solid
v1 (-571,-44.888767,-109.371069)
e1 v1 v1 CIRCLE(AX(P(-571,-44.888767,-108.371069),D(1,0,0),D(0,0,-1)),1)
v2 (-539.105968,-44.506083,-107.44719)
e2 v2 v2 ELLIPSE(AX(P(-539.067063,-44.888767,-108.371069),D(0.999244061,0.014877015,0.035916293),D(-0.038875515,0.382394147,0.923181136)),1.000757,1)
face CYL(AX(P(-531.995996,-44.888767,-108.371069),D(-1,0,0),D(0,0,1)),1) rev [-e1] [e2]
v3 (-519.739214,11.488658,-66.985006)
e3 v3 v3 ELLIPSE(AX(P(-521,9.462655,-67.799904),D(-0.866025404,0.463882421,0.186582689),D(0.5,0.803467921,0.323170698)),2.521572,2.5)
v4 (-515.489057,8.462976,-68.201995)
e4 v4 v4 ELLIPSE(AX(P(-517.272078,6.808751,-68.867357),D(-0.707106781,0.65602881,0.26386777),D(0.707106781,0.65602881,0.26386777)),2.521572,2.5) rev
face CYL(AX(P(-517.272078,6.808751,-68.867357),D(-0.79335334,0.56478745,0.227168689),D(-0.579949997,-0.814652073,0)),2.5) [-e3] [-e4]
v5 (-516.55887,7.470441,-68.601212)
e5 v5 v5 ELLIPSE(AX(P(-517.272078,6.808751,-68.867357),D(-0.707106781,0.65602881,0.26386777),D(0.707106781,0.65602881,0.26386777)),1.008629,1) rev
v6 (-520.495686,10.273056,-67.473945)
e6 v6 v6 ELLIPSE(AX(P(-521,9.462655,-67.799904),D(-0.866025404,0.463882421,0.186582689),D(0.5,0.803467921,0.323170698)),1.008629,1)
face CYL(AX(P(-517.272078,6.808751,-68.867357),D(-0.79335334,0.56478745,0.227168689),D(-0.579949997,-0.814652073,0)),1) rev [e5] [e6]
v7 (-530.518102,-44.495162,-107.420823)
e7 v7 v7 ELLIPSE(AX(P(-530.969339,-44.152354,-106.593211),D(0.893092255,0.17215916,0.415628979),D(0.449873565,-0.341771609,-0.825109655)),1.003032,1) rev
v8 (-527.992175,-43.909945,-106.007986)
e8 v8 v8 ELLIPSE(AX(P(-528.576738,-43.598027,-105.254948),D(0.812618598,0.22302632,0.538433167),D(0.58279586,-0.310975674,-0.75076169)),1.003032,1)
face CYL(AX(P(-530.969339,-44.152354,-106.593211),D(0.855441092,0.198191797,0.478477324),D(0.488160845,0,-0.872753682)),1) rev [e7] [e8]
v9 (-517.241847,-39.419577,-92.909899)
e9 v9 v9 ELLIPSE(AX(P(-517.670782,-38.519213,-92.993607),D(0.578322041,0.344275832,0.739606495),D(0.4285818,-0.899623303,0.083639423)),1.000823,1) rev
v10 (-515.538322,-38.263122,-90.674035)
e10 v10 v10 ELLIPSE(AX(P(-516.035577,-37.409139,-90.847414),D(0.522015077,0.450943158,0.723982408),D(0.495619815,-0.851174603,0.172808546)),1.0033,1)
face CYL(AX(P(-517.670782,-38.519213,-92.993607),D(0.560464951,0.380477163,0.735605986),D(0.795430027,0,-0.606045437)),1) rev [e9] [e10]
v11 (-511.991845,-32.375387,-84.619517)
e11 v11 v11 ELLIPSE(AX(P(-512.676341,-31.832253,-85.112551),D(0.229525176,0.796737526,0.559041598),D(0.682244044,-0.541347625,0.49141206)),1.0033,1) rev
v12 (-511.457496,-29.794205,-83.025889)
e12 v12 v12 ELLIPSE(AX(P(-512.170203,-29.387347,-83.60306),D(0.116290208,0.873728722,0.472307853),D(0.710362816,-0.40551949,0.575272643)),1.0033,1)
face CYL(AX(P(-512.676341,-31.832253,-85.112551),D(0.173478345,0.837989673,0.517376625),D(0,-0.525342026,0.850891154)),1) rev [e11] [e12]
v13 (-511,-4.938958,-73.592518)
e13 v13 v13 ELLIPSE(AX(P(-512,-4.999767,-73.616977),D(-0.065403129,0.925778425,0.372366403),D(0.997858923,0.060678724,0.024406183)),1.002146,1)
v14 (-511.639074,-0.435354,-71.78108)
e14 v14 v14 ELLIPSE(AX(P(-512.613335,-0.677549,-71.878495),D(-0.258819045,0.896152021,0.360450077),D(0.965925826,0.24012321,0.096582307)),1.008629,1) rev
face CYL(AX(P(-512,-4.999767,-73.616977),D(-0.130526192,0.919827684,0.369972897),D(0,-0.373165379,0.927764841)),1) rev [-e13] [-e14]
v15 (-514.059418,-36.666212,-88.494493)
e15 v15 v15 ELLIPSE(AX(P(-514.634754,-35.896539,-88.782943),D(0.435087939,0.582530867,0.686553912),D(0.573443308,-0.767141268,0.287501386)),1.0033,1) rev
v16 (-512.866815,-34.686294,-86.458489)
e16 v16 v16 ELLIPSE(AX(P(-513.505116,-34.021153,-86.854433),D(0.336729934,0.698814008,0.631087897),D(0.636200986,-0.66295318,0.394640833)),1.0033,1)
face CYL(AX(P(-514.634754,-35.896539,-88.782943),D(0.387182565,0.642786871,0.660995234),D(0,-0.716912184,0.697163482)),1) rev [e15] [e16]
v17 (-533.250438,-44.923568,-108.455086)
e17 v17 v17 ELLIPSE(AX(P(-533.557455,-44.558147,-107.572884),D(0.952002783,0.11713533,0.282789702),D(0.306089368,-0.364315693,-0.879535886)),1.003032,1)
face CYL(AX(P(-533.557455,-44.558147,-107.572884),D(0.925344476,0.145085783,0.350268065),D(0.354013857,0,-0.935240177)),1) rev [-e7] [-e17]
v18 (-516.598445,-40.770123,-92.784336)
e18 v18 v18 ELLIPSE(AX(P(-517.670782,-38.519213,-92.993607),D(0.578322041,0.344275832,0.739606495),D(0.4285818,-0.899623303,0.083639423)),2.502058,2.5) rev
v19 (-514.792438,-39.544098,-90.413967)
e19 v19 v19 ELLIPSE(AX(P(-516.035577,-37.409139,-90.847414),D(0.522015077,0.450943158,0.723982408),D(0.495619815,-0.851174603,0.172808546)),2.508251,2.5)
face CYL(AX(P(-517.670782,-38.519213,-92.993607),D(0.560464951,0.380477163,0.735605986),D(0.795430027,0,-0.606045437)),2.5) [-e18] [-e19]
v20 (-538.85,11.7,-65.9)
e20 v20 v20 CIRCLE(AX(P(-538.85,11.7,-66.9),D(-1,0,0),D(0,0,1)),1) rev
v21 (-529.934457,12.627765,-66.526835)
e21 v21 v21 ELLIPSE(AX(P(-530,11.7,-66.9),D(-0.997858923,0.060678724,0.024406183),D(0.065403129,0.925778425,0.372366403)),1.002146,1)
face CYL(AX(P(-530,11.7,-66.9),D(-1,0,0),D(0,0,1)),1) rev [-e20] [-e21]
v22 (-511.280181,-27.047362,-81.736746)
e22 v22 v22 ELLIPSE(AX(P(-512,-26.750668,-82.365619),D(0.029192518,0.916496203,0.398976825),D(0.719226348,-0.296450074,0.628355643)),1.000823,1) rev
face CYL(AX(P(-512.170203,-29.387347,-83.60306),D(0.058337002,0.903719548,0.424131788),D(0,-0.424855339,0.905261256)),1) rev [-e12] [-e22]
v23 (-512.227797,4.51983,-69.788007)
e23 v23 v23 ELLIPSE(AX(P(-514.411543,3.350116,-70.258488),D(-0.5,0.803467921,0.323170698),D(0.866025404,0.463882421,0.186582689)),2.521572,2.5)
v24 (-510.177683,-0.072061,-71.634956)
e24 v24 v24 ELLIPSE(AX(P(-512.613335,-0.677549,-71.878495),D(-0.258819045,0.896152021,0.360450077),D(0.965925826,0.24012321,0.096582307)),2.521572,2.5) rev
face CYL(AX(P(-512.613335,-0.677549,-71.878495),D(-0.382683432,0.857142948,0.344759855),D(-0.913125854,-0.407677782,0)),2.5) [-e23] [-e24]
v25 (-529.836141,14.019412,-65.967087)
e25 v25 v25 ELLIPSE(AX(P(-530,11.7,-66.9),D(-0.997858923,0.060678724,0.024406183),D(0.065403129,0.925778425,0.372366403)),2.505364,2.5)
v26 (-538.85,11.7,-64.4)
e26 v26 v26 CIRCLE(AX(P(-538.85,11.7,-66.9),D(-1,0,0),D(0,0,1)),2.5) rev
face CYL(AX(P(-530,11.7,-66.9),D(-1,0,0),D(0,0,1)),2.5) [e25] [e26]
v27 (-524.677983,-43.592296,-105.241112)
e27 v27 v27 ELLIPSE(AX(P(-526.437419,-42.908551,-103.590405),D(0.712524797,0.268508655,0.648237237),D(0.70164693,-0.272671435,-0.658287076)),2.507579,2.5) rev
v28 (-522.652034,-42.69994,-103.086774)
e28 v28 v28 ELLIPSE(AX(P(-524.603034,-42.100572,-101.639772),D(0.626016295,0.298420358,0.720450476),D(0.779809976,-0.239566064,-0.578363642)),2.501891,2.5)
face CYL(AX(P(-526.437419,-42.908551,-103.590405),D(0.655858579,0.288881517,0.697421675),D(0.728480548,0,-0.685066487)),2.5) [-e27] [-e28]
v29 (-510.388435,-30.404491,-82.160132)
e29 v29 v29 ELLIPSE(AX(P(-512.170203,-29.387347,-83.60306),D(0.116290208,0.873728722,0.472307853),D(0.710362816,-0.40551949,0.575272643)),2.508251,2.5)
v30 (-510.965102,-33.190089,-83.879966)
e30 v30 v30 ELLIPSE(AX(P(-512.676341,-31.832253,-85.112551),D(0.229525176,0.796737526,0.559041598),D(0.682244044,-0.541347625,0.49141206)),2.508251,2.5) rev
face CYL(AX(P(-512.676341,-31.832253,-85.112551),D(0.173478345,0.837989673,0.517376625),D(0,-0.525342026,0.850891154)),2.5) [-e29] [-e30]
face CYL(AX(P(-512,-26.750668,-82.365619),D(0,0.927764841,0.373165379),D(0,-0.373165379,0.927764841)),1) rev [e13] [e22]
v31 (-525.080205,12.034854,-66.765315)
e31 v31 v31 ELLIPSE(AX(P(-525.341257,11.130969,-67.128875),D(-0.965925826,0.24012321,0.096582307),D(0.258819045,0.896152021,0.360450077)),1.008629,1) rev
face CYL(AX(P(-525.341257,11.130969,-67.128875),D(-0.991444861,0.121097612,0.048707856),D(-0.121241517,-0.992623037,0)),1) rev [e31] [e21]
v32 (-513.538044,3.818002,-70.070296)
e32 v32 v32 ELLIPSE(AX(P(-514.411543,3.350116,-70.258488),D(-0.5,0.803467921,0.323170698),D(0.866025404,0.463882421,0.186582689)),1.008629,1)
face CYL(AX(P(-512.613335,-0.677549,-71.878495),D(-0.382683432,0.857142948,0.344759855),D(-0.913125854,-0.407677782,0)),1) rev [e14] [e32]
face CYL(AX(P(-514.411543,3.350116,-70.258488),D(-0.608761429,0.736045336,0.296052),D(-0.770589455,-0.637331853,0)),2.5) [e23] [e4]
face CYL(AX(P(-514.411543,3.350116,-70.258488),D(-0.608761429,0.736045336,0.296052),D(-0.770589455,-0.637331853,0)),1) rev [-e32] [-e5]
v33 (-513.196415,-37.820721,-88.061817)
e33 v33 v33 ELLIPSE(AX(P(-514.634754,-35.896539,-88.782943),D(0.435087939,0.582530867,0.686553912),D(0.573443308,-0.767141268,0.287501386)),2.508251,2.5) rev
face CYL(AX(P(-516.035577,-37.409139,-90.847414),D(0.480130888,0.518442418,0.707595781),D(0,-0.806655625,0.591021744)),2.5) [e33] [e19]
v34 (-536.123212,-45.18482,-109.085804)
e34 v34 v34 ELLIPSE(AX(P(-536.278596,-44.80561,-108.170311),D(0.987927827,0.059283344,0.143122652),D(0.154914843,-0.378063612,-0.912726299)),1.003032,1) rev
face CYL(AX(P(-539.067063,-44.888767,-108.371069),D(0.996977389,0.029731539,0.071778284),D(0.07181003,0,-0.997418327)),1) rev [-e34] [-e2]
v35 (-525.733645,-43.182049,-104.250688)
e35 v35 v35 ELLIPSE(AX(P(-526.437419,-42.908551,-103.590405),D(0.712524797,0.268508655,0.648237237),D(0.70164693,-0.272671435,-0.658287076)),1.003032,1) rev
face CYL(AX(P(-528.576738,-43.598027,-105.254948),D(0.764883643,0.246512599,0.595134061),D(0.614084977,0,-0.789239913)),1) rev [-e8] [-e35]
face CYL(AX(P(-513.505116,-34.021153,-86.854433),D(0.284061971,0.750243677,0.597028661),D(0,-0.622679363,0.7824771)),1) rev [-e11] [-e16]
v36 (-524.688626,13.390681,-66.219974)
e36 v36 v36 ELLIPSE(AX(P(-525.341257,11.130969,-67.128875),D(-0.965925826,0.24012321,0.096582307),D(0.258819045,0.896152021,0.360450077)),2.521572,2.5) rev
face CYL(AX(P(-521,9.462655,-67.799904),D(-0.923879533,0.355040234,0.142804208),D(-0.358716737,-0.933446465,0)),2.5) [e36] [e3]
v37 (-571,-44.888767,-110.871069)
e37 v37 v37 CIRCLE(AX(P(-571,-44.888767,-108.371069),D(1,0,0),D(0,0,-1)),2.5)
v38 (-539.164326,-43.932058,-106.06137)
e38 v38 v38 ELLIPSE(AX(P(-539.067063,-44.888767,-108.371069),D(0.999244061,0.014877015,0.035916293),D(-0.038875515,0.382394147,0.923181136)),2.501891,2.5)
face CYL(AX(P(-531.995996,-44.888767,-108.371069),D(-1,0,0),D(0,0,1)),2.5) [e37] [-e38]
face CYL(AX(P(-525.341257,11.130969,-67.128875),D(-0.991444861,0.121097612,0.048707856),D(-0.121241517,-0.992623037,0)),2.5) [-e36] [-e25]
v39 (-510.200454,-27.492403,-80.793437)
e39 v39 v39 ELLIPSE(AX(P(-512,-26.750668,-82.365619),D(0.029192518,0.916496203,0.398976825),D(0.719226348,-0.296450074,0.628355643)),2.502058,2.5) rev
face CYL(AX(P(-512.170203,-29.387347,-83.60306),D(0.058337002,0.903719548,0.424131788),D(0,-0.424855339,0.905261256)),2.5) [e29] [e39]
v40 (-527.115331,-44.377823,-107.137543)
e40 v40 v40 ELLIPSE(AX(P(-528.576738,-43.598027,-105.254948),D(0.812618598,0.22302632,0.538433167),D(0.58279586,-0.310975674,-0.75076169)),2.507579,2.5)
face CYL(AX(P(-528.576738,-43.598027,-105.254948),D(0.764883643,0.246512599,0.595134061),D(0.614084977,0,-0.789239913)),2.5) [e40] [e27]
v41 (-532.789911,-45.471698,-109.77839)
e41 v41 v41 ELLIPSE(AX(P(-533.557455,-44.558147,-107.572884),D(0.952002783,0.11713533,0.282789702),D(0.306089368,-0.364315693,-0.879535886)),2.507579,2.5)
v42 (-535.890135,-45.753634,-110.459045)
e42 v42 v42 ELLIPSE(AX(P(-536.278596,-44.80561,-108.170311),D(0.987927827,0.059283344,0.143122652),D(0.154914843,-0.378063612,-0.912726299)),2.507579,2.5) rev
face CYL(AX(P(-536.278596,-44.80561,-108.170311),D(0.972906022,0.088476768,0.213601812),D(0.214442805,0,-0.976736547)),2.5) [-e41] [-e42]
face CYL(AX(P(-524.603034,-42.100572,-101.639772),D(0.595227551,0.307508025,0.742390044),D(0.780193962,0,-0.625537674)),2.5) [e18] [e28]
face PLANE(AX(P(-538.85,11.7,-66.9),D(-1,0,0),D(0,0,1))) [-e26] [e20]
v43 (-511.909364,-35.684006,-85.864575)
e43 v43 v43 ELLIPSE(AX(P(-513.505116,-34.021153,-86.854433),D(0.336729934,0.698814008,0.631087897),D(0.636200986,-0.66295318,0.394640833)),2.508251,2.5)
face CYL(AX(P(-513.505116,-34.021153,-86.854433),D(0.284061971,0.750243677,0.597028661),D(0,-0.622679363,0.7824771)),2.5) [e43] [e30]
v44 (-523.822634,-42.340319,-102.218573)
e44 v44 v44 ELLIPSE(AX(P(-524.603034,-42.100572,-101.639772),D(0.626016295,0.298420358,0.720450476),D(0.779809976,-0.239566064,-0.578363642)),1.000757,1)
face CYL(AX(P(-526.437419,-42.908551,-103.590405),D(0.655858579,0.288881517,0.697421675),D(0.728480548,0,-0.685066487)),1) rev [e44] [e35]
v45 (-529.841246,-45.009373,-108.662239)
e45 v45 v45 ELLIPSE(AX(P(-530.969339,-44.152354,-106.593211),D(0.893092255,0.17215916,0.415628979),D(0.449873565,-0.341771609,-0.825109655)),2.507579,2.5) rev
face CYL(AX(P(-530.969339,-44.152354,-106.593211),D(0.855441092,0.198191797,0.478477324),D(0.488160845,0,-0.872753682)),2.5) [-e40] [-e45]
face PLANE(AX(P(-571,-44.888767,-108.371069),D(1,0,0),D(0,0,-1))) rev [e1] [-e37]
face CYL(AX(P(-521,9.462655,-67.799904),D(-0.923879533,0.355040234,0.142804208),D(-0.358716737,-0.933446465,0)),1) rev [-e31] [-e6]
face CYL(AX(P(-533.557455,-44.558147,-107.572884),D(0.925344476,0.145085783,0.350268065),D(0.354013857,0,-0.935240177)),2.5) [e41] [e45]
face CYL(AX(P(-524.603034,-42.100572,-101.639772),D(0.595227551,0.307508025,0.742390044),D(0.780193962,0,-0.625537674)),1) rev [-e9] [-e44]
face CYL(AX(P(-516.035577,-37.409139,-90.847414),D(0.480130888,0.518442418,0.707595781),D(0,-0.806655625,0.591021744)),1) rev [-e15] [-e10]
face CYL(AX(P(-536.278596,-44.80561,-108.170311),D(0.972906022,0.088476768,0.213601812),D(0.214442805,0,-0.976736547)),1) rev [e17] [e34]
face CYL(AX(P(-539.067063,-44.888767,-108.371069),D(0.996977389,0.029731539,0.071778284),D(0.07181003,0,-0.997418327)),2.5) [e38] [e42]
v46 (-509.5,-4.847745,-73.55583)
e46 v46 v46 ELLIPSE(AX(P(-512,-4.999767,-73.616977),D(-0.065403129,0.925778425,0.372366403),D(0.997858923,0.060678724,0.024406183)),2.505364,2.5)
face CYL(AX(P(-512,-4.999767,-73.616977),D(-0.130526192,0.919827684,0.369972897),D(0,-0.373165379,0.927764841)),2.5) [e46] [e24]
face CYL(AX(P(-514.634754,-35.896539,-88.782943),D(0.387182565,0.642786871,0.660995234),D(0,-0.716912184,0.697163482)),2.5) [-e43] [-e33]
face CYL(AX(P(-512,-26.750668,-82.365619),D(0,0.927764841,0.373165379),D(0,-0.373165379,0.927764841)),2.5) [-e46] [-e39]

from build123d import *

# Parameters (mm, degrees)
PROFILE_R   = 2.5
PROFILE_R_2 = 1


with BuildPart() as part:
    # Tube: sweep along a curve in space
    with BuildLine() as tube_path:
        Line((-571, -44.888766616, -108.371069164), (-539.067063489, -44.888766616, -108.371069164))
        Line((-539.067063489, -44.888766616, -108.371069164), (-536.278596322, -44.805609846, -108.170310961))
        Line((-536.278596322, -44.805609846, -108.170310961), (-533.55745487, -44.558147302, -107.57288353))
        Line((-533.55745487, -44.558147302, -107.57288353), (-530.969339315, -44.152353804, -106.593211363))
        Line((-530.969339315, -44.152353804, -106.593211363), (-528.576738012, -43.598026971, -105.254948006))
        Line((-528.576738012, -43.598026971, -105.254948006), (-526.437418755, -42.908550662, -103.59040495))
        Line((-526.437418755, -42.908550662, -103.59040495), (-524.603034008, -42.100571832, -101.6397715))
        Line((-524.603034008, -42.100571832, -101.6397715), (-517.670781542, -38.519213305, -92.993607173))
        Line((-517.670781542, -38.519213305, -92.993607173), (-516.035577188, -37.409138693, -90.847413894))
        Line((-516.035577188, -37.409138693, -90.847413894), (-514.634754322, -35.896538669, -88.78294278))
        Line((-514.634754322, -35.896538669, -88.78294278), (-513.505116127, -34.021153084, -86.85443274))
        Line((-513.505116127, -34.021153084, -86.85443274), (-512.676341071, -31.832253091, -85.112550642))
        Line((-512.676341071, -31.832253091, -85.112550642), (-512.170203185, -29.387346663, -83.60306016))
        Line((-512.170203185, -29.387346663, -83.60306016), (-512, -26.750667714, -82.365619452))
        Line((-512, -26.750667714, -82.365619452), (-512, -4.999767139, -73.616976814))
        Line((-512, -4.999767139, -73.616976814), (-512.613335127, -0.677549354, -71.878495289))
        Line((-512.613335127, -0.677549354, -71.878495289), (-514.411542732, 3.350116431, -70.258488407))
        Line((-514.411542732, 3.350116431, -70.258488407), (-517.272077939, 6.808751449, -68.86735696))
        Line((-517.272077939, 6.808751449, -68.86735696), (-521, 9.462655441, -67.799904256))
        Line((-521, 9.462655441, -67.799904256), (-525.341257188, 11.130969234, -67.128875435))
        Line((-525.341257188, 11.130969234, -67.128875435), (-530, 11.7, -66.9))
        Line((-530, 11.7, -66.9), (-538.85, 11.7, -66.9))
    # Profile → Tube (sweep)
    with BuildSketch(Plane(origin=(-571, 0, 0), x_dir=(0, 0, -1), z_dir=(1, 0, 0))):
        with Locations((108.371069164, -44.888766616)):
            Circle(PROFILE_R)
        with Locations((108.371069164, -44.888766616)):
            Circle(PROFILE_R_2, mode=Mode.SUBTRACT)
    sweep(path=tube_path.line, transition=Transition.RIGHT)


solid = part.part
